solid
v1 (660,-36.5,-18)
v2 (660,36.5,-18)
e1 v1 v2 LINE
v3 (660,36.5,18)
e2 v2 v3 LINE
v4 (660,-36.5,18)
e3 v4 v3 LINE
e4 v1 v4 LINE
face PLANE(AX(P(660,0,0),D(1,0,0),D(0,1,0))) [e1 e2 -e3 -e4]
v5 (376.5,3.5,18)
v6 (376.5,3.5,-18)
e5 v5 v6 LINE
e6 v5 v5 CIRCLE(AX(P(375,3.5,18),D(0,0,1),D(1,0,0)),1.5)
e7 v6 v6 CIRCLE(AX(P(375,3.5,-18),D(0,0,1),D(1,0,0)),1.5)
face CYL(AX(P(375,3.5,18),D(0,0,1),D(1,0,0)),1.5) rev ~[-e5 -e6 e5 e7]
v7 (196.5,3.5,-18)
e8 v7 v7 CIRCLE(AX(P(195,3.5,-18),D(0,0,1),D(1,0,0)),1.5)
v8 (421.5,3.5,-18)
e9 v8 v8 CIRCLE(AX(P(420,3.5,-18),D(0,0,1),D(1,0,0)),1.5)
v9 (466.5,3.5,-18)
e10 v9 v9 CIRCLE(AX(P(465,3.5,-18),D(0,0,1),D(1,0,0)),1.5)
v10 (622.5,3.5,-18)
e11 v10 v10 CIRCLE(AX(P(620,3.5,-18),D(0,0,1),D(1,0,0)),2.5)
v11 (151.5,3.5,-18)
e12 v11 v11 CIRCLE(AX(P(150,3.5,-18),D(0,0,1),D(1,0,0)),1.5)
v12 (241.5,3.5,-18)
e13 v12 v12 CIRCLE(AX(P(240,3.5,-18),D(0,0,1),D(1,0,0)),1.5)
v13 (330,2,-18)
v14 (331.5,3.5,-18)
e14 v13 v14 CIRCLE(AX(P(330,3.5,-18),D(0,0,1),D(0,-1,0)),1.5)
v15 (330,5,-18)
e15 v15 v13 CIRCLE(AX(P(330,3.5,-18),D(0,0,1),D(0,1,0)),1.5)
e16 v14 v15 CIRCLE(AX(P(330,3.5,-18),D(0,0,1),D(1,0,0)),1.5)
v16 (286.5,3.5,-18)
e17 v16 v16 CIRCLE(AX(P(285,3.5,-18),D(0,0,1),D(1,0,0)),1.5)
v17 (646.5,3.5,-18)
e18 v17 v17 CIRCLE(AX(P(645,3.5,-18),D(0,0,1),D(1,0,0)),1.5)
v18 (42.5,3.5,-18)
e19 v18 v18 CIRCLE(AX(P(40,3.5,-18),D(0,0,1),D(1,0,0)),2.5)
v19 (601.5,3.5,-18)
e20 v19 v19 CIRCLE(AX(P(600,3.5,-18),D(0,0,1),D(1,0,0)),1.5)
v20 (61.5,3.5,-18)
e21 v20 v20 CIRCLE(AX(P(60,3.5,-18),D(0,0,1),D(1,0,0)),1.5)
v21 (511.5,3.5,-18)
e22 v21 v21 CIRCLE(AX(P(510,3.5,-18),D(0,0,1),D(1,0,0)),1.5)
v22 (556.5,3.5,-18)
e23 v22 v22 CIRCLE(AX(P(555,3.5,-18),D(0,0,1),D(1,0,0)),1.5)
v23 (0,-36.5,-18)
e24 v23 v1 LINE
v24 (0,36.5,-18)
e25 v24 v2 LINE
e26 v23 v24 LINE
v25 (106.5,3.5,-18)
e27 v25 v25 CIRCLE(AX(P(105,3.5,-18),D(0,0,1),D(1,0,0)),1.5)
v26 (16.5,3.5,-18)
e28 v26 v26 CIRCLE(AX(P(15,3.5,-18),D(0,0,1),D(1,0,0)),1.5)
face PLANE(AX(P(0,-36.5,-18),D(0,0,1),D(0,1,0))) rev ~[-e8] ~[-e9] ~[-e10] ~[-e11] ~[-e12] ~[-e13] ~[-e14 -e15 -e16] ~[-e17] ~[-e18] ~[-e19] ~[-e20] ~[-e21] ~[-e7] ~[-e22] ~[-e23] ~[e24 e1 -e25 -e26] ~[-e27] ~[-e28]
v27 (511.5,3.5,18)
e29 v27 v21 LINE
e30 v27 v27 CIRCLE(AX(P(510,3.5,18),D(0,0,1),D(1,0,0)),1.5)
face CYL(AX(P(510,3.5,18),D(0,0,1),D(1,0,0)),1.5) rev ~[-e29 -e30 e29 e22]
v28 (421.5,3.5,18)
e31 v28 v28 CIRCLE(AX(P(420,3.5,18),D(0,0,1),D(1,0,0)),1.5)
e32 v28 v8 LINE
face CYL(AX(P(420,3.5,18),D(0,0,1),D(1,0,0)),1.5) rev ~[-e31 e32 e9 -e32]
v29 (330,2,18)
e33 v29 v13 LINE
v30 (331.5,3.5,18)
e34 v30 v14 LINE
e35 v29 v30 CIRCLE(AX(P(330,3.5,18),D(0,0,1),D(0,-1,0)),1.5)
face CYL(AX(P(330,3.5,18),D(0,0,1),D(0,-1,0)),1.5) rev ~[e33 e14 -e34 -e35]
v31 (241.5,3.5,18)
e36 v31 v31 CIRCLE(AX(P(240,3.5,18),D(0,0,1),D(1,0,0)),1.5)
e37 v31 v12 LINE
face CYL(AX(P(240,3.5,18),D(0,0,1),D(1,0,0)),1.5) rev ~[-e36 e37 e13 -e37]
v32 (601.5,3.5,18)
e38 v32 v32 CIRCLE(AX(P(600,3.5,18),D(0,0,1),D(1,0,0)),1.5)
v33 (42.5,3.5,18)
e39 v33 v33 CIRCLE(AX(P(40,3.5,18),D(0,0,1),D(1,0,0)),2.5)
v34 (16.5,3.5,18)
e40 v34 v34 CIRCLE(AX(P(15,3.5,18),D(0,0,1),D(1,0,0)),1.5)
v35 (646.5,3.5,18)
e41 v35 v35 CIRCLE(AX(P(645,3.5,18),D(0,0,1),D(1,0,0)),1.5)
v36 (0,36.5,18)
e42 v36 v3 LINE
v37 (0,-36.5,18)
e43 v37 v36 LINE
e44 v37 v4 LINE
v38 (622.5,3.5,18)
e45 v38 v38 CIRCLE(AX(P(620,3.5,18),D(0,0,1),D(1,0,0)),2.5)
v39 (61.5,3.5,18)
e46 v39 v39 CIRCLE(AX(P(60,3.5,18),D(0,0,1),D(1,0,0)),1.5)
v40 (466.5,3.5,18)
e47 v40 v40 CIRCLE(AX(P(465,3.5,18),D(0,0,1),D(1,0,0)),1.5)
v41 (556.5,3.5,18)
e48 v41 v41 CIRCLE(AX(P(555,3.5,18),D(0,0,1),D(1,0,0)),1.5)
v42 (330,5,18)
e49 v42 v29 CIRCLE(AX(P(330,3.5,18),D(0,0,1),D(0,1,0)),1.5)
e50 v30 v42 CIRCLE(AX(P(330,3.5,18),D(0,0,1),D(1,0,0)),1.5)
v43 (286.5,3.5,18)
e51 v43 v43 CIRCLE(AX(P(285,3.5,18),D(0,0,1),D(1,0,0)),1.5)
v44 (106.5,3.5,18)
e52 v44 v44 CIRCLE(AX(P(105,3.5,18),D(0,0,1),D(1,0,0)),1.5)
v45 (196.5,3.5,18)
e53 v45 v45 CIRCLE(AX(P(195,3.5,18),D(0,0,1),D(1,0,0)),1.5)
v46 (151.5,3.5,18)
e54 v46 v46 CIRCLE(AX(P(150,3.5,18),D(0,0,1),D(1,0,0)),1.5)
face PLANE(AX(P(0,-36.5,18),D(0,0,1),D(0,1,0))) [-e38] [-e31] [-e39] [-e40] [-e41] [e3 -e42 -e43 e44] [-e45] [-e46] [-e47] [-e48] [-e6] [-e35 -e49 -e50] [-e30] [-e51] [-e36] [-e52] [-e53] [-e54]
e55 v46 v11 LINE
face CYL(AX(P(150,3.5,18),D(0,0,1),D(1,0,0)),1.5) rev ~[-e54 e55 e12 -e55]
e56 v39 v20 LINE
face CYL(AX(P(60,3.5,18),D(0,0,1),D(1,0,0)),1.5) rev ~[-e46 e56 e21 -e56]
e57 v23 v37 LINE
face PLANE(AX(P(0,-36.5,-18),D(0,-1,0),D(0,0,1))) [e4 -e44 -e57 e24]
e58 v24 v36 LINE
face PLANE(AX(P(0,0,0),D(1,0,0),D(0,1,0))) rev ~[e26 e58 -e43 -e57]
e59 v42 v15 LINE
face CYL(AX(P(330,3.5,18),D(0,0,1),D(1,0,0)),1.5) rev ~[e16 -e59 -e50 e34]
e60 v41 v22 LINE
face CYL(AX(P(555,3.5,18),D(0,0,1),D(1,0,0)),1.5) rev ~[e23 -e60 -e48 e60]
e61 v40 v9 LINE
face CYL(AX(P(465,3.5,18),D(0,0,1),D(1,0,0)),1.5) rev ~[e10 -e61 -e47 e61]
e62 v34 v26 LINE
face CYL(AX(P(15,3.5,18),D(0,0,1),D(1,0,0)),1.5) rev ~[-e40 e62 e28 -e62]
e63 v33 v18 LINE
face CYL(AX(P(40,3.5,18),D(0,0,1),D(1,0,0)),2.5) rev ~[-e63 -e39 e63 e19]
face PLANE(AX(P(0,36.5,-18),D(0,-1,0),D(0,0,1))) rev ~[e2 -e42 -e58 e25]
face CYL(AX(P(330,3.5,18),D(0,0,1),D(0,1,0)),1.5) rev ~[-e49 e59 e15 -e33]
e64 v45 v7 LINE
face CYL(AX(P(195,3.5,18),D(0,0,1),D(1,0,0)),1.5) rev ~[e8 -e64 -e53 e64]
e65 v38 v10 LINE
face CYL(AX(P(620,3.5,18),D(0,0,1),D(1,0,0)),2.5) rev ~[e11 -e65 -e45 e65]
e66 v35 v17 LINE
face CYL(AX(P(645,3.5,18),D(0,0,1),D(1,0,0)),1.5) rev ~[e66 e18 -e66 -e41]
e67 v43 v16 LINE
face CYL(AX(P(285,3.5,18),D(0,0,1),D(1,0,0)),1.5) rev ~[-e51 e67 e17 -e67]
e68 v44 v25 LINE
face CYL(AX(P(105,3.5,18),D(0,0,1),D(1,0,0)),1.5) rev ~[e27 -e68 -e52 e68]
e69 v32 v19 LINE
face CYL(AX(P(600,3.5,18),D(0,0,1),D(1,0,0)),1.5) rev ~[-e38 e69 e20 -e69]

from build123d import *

# Parameters (mm, degrees)
F0_W     = 73
F0_H     = 36
F1_DEPTH = 660
F2_R     = 1.5
F2_R_2   = 2.5
F3_DEPTH = 40


with BuildPart() as f1:
    # F0 (on Right) → F1 (new body)
    with BuildSketch(Plane.YZ):
        Rectangle(F0_W, F0_H)
    extrude(amount=F1_DEPTH)

    # F2 (on face) → F3 (cut)
    with BuildSketch(Plane.XY.offset(18)):
        with Locations((15, 3.5)):
            Circle(F2_R)
        with Locations((40, 3.5)):
            Circle(F2_R_2)
        with Locations((60, 3.5)):
            Circle(F2_R)
        with Locations((150, 3.5)):
            Circle(F2_R)
        with Locations((105, 3.5)):
            Circle(F2_R)
        with Locations((195, 3.5)):
            Circle(F2_R)
        with Locations((240, 3.5)):
            Circle(F2_R)
        with Locations((285, 3.5)):
            Circle(F2_R)
        with BuildLine():
            ThreePointArc((330, 5), (328.5, 3.5), (330, 2))
            Line((330, 2), (330, 5))
        make_face()
        with Locations((375, 3.5)):
            Circle(F2_R)
        with BuildLine():
            Line((330, 5), (330, 2))
            ThreePointArc((330, 2), (331.0606601718, 2.4393398282), (331.5, 3.5))
            ThreePointArc((331.5, 3.5), (331.0606601718, 4.5606601718), (330, 5))
        make_face()
        with Locations((420, 3.5)):
            Circle(F2_R)
        with Locations((465, 3.5)):
            Circle(F2_R)
        with Locations((510, 3.5)):
            Circle(F2_R)
        with Locations((555, 3.5)):
            Circle(F2_R)
        with Locations((600, 3.5)):
            Circle(F2_R)
        with Locations((620, 3.5)):
            Circle(F2_R_2)
        with Locations((645, 3.5)):
            Circle(F2_R)
    extrude(amount=-F3_DEPTH, mode=Mode.SUBTRACT)


solid = f1.part
